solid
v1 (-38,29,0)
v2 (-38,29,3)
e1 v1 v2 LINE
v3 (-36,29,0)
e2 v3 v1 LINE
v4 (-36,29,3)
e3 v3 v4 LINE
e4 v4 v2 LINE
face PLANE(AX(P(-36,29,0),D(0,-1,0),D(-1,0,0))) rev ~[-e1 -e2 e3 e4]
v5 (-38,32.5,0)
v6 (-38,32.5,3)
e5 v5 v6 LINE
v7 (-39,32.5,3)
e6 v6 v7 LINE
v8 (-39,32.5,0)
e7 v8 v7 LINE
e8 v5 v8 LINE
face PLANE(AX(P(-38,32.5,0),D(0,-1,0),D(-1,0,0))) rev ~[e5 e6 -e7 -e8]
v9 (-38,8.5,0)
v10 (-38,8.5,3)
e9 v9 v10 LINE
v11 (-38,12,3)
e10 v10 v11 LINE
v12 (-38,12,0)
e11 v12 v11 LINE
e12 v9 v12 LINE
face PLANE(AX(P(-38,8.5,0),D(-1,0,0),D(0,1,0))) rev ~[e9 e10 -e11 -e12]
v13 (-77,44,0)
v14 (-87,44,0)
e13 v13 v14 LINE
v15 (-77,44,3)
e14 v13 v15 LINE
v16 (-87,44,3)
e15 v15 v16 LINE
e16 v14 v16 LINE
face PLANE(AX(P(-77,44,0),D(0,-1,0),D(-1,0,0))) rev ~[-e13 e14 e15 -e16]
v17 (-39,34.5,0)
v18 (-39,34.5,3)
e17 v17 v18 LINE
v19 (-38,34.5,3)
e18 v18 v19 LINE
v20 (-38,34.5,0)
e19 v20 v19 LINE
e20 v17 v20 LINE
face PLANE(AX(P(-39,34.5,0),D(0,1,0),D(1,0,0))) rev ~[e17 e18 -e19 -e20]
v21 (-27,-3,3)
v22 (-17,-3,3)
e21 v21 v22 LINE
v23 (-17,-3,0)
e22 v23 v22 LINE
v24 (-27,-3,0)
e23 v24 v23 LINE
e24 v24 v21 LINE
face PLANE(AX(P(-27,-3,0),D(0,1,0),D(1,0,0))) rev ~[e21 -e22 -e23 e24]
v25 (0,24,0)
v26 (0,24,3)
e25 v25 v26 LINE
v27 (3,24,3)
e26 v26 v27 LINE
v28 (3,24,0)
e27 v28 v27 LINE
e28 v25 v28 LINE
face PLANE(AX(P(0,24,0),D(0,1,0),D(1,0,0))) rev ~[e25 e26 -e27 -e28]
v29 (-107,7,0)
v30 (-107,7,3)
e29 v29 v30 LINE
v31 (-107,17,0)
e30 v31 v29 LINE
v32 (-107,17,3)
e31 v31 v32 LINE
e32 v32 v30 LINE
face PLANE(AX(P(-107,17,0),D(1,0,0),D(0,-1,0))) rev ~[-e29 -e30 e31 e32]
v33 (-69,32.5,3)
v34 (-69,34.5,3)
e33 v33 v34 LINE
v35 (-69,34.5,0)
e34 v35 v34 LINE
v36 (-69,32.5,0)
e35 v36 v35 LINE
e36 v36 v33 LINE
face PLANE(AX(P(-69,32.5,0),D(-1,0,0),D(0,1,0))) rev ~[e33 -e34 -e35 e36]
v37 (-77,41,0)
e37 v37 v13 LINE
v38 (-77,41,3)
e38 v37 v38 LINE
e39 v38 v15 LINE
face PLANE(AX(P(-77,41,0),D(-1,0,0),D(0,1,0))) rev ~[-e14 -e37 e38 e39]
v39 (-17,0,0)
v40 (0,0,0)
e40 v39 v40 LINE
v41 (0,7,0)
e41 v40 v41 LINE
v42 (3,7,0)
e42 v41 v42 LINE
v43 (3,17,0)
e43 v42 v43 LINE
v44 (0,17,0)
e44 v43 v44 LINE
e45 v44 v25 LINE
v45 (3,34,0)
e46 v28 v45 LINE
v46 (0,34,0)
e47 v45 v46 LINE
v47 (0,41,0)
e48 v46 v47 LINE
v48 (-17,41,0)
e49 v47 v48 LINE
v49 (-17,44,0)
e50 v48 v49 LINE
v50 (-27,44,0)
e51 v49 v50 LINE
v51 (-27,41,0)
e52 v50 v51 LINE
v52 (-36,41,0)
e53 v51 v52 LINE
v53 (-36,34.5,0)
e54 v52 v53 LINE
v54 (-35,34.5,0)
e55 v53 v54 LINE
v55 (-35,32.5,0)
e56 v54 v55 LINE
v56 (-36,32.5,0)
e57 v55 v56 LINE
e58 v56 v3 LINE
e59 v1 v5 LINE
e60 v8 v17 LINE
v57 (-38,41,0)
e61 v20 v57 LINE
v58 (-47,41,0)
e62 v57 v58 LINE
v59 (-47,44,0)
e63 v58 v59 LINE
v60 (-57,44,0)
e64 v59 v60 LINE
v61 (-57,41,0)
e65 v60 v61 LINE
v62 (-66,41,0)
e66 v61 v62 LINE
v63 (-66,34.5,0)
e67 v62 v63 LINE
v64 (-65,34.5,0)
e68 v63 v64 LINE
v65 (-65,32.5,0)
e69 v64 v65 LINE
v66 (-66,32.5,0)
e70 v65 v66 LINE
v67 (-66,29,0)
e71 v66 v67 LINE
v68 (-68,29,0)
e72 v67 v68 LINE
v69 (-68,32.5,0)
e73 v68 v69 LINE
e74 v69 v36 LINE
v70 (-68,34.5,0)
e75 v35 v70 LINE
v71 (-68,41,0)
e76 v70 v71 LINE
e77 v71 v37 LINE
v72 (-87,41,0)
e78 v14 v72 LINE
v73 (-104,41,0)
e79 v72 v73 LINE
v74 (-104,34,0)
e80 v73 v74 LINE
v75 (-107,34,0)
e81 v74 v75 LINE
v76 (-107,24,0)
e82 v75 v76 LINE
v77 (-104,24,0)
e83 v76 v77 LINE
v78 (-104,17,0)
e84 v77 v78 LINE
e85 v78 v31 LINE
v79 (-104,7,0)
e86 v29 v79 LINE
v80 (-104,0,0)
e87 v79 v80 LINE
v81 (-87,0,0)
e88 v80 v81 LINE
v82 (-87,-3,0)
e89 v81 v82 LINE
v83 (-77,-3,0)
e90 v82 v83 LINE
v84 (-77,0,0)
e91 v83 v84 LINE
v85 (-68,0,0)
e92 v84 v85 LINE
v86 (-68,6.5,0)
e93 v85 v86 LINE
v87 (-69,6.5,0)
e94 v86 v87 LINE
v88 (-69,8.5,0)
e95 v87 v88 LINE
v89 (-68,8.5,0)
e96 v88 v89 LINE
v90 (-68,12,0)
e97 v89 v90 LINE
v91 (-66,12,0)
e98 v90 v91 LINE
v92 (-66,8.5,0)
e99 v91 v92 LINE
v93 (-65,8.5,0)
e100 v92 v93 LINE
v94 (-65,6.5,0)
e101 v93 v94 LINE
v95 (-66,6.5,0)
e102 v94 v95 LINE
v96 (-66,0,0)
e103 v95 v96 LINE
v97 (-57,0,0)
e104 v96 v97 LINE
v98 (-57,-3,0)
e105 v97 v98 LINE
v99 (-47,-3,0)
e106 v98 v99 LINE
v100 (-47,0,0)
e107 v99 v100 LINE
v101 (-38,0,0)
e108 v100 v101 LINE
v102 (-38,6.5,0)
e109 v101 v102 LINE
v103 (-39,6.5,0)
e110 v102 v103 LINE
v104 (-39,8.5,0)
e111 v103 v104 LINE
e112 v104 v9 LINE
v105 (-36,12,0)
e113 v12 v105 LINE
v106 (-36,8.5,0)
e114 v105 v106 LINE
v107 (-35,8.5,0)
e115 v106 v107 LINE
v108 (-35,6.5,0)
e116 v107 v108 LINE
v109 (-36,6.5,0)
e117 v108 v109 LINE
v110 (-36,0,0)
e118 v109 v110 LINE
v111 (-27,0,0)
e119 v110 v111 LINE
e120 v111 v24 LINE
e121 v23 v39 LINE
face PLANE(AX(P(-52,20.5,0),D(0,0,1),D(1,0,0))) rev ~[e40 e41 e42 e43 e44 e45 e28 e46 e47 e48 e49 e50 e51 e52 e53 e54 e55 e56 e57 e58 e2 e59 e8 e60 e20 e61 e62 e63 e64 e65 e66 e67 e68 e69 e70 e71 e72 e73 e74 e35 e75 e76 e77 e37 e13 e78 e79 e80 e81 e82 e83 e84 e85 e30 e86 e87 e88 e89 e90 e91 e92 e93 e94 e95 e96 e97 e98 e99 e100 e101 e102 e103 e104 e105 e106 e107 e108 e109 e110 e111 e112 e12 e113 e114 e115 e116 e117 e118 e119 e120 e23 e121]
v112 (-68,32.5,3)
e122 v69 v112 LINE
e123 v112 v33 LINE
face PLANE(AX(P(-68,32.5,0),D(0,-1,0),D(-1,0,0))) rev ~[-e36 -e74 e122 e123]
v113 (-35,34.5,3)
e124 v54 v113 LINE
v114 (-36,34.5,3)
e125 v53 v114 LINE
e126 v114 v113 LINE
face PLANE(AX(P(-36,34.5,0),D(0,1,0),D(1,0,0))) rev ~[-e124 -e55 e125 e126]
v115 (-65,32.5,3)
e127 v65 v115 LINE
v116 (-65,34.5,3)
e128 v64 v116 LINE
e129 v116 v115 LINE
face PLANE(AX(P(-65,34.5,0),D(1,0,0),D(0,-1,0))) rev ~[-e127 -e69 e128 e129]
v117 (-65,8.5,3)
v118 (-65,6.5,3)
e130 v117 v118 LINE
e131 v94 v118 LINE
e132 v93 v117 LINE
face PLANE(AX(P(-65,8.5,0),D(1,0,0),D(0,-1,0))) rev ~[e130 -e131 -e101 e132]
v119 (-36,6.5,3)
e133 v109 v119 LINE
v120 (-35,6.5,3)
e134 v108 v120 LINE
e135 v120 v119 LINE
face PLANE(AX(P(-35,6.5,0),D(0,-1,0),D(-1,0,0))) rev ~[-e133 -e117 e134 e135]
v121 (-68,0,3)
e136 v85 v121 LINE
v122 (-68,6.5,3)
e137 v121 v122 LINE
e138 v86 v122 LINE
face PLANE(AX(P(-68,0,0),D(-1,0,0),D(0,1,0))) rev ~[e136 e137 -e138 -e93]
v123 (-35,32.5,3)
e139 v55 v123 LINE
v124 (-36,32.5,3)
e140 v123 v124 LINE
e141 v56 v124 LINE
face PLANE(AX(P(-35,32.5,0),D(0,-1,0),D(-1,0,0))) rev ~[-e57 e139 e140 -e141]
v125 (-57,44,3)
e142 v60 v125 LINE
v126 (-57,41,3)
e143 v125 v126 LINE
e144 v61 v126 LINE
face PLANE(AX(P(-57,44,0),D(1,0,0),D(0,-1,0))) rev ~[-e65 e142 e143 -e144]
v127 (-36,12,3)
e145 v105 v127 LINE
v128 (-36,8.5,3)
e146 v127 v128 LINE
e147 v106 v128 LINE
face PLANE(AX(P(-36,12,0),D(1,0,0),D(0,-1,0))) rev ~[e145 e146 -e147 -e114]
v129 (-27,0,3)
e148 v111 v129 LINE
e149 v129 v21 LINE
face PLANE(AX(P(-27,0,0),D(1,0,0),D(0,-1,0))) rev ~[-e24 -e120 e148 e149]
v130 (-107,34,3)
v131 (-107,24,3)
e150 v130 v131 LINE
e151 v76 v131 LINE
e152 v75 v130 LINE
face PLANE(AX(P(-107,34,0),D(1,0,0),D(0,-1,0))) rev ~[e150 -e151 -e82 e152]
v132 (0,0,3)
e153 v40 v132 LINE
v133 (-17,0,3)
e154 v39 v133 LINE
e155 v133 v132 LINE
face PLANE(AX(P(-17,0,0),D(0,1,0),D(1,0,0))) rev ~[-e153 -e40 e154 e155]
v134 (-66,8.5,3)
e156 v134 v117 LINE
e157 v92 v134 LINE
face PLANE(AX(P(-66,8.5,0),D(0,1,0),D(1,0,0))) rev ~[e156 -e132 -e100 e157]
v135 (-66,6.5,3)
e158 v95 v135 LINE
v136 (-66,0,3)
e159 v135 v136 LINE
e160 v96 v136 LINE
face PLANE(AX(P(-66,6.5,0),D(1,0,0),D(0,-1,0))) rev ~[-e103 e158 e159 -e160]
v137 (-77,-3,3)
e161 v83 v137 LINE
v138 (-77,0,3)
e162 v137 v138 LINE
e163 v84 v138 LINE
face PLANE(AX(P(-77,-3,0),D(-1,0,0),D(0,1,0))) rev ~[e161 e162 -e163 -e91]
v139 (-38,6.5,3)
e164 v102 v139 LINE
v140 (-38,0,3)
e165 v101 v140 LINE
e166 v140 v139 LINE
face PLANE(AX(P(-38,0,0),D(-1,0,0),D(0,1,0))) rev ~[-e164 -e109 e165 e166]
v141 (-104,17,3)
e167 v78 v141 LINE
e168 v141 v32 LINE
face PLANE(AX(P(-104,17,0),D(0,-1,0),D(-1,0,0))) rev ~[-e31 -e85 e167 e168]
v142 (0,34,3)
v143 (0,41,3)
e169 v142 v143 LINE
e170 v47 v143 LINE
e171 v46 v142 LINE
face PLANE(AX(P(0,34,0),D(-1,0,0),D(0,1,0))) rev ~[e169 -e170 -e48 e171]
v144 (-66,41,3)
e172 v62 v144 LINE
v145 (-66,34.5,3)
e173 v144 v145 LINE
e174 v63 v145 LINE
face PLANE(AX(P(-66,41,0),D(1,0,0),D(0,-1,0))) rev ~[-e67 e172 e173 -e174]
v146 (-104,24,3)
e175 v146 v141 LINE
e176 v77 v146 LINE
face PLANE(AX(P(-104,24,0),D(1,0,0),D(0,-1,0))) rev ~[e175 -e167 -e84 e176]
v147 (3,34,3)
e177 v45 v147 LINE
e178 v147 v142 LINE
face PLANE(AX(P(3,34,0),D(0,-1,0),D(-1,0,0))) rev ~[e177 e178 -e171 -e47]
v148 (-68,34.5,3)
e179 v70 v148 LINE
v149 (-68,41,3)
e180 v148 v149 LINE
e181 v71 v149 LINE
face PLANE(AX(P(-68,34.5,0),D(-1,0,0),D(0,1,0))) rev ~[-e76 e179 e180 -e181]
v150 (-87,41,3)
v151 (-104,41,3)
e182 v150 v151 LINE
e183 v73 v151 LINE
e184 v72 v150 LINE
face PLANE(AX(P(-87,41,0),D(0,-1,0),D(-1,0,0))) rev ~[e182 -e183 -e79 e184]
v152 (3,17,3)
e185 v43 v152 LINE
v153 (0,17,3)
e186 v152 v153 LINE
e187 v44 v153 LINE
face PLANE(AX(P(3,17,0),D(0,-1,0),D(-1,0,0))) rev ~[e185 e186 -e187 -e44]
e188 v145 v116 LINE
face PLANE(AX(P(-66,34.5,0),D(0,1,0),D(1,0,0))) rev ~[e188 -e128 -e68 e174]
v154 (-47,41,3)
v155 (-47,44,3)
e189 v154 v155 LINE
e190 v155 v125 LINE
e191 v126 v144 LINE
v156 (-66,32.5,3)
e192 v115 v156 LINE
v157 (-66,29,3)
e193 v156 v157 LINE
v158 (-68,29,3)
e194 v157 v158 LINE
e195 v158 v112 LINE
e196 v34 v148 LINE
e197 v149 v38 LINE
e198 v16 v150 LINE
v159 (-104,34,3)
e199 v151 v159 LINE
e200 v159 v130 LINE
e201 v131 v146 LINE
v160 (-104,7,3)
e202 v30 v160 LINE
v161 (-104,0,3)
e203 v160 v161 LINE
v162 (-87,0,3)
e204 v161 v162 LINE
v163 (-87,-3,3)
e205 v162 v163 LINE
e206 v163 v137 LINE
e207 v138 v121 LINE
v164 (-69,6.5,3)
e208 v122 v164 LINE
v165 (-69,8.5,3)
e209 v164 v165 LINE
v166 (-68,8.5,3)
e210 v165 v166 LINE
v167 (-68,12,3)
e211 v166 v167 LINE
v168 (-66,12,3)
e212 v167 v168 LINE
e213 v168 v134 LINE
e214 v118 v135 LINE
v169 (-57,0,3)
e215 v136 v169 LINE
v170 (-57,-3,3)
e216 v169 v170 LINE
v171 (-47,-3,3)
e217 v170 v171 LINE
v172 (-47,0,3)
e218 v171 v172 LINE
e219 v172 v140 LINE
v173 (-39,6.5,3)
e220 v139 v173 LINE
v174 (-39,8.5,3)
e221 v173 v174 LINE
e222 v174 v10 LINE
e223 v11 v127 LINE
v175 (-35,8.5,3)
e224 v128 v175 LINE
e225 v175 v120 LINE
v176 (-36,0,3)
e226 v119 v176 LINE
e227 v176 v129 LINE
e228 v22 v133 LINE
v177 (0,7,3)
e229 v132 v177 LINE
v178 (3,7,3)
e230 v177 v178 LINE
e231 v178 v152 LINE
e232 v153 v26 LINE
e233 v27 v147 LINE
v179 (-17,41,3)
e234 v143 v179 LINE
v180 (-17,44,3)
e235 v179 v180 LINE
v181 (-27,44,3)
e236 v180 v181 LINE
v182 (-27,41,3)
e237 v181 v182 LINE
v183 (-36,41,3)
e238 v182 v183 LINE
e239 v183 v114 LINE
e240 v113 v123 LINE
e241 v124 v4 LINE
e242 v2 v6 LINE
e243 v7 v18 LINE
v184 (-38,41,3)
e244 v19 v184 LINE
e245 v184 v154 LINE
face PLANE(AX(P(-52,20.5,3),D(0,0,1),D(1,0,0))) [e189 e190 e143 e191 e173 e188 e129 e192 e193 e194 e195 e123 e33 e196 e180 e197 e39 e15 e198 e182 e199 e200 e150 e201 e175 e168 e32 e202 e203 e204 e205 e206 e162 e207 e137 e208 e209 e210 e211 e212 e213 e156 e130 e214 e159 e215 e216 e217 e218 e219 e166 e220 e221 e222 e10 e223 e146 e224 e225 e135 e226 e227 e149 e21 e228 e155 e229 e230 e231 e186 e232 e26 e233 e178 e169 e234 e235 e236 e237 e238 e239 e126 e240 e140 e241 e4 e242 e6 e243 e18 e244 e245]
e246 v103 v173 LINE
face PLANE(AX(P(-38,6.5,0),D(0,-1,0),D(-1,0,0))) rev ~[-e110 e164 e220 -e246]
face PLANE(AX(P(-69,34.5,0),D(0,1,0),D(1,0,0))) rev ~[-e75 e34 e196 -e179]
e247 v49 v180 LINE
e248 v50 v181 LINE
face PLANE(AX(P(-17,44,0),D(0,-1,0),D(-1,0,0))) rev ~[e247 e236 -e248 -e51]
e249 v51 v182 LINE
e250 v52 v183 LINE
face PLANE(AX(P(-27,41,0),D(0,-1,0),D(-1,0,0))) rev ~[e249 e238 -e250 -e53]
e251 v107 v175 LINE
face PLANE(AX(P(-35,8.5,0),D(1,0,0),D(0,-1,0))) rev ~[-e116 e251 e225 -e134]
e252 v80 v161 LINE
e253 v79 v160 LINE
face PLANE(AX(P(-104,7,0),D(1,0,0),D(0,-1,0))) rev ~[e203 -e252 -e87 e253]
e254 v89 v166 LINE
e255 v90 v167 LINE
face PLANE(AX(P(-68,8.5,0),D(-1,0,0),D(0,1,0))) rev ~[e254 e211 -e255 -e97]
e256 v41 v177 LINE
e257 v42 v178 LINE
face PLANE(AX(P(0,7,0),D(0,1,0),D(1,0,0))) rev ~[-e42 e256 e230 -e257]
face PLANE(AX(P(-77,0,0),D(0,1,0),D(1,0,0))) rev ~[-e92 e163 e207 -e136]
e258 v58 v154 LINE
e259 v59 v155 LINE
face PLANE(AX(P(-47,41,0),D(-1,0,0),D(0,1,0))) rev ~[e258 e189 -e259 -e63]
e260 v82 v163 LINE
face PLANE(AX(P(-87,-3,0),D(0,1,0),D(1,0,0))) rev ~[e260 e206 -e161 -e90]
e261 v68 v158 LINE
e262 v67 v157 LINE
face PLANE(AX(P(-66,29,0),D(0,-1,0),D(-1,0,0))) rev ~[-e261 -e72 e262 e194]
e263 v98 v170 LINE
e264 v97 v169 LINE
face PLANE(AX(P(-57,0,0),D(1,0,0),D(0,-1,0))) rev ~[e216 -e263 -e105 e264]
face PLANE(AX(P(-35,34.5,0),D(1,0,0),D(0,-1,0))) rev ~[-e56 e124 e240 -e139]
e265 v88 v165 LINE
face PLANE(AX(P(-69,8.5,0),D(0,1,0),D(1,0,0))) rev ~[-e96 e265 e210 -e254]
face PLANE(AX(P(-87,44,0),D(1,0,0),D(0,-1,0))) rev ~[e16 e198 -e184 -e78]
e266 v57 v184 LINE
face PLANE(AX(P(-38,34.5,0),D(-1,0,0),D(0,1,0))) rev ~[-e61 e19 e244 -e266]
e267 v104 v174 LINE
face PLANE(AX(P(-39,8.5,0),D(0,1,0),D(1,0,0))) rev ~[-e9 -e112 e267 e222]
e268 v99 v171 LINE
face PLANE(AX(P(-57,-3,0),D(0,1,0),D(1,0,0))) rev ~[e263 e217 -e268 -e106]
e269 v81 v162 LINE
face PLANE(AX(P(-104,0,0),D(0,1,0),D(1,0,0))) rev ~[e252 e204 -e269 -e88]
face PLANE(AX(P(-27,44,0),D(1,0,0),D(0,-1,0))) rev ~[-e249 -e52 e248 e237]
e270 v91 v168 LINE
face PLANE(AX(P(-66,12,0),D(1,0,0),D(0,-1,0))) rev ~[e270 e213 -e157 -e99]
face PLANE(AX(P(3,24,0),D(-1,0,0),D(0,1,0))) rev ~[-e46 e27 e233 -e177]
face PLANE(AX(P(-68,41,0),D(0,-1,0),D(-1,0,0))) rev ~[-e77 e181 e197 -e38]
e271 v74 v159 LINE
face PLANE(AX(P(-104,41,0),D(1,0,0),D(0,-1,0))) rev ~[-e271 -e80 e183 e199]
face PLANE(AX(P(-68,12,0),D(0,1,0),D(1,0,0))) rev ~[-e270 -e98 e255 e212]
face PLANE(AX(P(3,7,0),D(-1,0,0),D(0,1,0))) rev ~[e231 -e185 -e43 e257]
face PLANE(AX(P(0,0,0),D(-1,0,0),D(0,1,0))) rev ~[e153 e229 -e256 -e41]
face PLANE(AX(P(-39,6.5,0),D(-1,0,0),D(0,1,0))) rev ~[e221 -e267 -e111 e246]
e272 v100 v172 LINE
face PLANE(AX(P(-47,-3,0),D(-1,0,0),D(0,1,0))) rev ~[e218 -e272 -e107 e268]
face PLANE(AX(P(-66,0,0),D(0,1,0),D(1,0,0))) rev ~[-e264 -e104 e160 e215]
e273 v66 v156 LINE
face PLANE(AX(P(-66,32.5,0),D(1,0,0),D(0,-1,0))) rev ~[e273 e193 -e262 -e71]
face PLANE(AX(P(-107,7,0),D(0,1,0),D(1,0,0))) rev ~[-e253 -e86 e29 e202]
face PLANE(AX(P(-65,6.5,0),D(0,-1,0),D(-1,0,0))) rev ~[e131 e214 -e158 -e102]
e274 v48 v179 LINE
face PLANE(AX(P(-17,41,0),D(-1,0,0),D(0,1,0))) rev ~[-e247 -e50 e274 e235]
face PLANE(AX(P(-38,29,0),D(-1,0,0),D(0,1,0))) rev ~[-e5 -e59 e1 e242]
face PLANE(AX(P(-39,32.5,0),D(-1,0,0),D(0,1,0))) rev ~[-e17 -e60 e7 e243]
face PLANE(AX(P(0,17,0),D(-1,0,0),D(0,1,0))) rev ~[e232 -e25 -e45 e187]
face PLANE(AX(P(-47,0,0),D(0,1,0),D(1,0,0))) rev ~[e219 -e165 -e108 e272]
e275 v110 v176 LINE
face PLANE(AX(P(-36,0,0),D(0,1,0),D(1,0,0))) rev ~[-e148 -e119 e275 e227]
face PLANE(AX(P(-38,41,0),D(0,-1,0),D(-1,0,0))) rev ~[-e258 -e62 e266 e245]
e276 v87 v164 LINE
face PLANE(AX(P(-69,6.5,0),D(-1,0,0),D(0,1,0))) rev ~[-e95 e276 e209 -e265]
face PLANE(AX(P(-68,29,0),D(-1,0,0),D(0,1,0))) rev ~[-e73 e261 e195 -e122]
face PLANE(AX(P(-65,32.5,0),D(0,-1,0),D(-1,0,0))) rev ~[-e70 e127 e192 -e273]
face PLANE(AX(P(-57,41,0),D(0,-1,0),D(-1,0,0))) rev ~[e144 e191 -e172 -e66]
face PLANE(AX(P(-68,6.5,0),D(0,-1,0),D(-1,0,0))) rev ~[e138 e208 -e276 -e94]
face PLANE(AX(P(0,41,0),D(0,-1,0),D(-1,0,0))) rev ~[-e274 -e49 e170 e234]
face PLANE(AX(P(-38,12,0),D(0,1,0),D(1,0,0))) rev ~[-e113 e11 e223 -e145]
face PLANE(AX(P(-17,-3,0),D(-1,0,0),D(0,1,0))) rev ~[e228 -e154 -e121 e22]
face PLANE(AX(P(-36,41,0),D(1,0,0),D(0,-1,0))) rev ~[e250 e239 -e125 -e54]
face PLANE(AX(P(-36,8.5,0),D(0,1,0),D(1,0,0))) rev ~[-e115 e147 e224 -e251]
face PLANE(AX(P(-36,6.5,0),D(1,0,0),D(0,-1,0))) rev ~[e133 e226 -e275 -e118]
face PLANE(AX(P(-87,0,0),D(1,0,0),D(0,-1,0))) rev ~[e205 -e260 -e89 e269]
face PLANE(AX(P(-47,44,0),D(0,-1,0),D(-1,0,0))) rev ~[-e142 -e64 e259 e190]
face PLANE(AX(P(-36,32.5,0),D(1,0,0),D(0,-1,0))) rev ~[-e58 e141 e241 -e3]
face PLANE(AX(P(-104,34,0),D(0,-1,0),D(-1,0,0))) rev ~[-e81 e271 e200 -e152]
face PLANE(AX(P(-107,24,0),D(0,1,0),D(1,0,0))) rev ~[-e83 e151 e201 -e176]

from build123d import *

# Parameters (mm, degrees)
F1_DEPTH = 3


with BuildPart() as f1:
    # F0 (on Top) → F1 (new body)
    with BuildSketch(Plane.XY):
        Polygon((-17, 0), (0, 0), (0, 7), (3, 7), (3, 17), (0, 17), (0, 24), (3, 24), (3, 34), (0, 34), (0, 41), (-17, 41), (-17, 44), (-27, 44), (-27, 41), (-36, 41), (-36, 34.5), (-35, 34.5), (-35, 32.5), (-36, 32.5), (-36, 29), (-38, 29), (-38, 32.5), (-39, 32.5), (-39, 34.5), (-38, 34.5), (-38, 41), (-47, 41), (-47, 44), (-52, 44), (-57, 44), (-57, 41), (-66, 41), (-66, 34.5), (-65, 34.5), (-65, 32.5), (-66, 32.5), (-66, 29), (-68, 29), (-68, 32.5), (-69, 32.5), (-69, 34.5), (-68, 34.5), (-68, 41), (-77, 41), (-77, 44), (-87, 44), (-87, 41), (-104, 41), (-104, 34), (-107, 34), (-107, 24), (-104, 24), (-104, 17), (-107, 17), (-107, 7), (-104, 7), (-104, 0), (-87, 0), (-87, -3), (-77, -3), (-77, 0), (-68, 0), (-68, 6.5), (-69, 6.5), (-69, 8.5), (-68, 8.5), (-68, 12), (-66, 12), (-66, 8.5), (-65, 8.5), (-65, 6.5), (-66, 6.5), (-66, 0), (-57, 0), (-57, -3), (-52, -3), (-47, -3), (-47, 0), (-38, 0), (-38, 6.5), (-39, 6.5), (-39, 8.5), (-38, 8.5), (-38, 12), (-36, 12), (-36, 8.5), (-35, 8.5), (-35, 6.5), (-36, 6.5), (-36, 0), (-27, 0), (-27, -3), (-17, -3), align=None)
    extrude(amount=F1_DEPTH)


solid = f1.part
